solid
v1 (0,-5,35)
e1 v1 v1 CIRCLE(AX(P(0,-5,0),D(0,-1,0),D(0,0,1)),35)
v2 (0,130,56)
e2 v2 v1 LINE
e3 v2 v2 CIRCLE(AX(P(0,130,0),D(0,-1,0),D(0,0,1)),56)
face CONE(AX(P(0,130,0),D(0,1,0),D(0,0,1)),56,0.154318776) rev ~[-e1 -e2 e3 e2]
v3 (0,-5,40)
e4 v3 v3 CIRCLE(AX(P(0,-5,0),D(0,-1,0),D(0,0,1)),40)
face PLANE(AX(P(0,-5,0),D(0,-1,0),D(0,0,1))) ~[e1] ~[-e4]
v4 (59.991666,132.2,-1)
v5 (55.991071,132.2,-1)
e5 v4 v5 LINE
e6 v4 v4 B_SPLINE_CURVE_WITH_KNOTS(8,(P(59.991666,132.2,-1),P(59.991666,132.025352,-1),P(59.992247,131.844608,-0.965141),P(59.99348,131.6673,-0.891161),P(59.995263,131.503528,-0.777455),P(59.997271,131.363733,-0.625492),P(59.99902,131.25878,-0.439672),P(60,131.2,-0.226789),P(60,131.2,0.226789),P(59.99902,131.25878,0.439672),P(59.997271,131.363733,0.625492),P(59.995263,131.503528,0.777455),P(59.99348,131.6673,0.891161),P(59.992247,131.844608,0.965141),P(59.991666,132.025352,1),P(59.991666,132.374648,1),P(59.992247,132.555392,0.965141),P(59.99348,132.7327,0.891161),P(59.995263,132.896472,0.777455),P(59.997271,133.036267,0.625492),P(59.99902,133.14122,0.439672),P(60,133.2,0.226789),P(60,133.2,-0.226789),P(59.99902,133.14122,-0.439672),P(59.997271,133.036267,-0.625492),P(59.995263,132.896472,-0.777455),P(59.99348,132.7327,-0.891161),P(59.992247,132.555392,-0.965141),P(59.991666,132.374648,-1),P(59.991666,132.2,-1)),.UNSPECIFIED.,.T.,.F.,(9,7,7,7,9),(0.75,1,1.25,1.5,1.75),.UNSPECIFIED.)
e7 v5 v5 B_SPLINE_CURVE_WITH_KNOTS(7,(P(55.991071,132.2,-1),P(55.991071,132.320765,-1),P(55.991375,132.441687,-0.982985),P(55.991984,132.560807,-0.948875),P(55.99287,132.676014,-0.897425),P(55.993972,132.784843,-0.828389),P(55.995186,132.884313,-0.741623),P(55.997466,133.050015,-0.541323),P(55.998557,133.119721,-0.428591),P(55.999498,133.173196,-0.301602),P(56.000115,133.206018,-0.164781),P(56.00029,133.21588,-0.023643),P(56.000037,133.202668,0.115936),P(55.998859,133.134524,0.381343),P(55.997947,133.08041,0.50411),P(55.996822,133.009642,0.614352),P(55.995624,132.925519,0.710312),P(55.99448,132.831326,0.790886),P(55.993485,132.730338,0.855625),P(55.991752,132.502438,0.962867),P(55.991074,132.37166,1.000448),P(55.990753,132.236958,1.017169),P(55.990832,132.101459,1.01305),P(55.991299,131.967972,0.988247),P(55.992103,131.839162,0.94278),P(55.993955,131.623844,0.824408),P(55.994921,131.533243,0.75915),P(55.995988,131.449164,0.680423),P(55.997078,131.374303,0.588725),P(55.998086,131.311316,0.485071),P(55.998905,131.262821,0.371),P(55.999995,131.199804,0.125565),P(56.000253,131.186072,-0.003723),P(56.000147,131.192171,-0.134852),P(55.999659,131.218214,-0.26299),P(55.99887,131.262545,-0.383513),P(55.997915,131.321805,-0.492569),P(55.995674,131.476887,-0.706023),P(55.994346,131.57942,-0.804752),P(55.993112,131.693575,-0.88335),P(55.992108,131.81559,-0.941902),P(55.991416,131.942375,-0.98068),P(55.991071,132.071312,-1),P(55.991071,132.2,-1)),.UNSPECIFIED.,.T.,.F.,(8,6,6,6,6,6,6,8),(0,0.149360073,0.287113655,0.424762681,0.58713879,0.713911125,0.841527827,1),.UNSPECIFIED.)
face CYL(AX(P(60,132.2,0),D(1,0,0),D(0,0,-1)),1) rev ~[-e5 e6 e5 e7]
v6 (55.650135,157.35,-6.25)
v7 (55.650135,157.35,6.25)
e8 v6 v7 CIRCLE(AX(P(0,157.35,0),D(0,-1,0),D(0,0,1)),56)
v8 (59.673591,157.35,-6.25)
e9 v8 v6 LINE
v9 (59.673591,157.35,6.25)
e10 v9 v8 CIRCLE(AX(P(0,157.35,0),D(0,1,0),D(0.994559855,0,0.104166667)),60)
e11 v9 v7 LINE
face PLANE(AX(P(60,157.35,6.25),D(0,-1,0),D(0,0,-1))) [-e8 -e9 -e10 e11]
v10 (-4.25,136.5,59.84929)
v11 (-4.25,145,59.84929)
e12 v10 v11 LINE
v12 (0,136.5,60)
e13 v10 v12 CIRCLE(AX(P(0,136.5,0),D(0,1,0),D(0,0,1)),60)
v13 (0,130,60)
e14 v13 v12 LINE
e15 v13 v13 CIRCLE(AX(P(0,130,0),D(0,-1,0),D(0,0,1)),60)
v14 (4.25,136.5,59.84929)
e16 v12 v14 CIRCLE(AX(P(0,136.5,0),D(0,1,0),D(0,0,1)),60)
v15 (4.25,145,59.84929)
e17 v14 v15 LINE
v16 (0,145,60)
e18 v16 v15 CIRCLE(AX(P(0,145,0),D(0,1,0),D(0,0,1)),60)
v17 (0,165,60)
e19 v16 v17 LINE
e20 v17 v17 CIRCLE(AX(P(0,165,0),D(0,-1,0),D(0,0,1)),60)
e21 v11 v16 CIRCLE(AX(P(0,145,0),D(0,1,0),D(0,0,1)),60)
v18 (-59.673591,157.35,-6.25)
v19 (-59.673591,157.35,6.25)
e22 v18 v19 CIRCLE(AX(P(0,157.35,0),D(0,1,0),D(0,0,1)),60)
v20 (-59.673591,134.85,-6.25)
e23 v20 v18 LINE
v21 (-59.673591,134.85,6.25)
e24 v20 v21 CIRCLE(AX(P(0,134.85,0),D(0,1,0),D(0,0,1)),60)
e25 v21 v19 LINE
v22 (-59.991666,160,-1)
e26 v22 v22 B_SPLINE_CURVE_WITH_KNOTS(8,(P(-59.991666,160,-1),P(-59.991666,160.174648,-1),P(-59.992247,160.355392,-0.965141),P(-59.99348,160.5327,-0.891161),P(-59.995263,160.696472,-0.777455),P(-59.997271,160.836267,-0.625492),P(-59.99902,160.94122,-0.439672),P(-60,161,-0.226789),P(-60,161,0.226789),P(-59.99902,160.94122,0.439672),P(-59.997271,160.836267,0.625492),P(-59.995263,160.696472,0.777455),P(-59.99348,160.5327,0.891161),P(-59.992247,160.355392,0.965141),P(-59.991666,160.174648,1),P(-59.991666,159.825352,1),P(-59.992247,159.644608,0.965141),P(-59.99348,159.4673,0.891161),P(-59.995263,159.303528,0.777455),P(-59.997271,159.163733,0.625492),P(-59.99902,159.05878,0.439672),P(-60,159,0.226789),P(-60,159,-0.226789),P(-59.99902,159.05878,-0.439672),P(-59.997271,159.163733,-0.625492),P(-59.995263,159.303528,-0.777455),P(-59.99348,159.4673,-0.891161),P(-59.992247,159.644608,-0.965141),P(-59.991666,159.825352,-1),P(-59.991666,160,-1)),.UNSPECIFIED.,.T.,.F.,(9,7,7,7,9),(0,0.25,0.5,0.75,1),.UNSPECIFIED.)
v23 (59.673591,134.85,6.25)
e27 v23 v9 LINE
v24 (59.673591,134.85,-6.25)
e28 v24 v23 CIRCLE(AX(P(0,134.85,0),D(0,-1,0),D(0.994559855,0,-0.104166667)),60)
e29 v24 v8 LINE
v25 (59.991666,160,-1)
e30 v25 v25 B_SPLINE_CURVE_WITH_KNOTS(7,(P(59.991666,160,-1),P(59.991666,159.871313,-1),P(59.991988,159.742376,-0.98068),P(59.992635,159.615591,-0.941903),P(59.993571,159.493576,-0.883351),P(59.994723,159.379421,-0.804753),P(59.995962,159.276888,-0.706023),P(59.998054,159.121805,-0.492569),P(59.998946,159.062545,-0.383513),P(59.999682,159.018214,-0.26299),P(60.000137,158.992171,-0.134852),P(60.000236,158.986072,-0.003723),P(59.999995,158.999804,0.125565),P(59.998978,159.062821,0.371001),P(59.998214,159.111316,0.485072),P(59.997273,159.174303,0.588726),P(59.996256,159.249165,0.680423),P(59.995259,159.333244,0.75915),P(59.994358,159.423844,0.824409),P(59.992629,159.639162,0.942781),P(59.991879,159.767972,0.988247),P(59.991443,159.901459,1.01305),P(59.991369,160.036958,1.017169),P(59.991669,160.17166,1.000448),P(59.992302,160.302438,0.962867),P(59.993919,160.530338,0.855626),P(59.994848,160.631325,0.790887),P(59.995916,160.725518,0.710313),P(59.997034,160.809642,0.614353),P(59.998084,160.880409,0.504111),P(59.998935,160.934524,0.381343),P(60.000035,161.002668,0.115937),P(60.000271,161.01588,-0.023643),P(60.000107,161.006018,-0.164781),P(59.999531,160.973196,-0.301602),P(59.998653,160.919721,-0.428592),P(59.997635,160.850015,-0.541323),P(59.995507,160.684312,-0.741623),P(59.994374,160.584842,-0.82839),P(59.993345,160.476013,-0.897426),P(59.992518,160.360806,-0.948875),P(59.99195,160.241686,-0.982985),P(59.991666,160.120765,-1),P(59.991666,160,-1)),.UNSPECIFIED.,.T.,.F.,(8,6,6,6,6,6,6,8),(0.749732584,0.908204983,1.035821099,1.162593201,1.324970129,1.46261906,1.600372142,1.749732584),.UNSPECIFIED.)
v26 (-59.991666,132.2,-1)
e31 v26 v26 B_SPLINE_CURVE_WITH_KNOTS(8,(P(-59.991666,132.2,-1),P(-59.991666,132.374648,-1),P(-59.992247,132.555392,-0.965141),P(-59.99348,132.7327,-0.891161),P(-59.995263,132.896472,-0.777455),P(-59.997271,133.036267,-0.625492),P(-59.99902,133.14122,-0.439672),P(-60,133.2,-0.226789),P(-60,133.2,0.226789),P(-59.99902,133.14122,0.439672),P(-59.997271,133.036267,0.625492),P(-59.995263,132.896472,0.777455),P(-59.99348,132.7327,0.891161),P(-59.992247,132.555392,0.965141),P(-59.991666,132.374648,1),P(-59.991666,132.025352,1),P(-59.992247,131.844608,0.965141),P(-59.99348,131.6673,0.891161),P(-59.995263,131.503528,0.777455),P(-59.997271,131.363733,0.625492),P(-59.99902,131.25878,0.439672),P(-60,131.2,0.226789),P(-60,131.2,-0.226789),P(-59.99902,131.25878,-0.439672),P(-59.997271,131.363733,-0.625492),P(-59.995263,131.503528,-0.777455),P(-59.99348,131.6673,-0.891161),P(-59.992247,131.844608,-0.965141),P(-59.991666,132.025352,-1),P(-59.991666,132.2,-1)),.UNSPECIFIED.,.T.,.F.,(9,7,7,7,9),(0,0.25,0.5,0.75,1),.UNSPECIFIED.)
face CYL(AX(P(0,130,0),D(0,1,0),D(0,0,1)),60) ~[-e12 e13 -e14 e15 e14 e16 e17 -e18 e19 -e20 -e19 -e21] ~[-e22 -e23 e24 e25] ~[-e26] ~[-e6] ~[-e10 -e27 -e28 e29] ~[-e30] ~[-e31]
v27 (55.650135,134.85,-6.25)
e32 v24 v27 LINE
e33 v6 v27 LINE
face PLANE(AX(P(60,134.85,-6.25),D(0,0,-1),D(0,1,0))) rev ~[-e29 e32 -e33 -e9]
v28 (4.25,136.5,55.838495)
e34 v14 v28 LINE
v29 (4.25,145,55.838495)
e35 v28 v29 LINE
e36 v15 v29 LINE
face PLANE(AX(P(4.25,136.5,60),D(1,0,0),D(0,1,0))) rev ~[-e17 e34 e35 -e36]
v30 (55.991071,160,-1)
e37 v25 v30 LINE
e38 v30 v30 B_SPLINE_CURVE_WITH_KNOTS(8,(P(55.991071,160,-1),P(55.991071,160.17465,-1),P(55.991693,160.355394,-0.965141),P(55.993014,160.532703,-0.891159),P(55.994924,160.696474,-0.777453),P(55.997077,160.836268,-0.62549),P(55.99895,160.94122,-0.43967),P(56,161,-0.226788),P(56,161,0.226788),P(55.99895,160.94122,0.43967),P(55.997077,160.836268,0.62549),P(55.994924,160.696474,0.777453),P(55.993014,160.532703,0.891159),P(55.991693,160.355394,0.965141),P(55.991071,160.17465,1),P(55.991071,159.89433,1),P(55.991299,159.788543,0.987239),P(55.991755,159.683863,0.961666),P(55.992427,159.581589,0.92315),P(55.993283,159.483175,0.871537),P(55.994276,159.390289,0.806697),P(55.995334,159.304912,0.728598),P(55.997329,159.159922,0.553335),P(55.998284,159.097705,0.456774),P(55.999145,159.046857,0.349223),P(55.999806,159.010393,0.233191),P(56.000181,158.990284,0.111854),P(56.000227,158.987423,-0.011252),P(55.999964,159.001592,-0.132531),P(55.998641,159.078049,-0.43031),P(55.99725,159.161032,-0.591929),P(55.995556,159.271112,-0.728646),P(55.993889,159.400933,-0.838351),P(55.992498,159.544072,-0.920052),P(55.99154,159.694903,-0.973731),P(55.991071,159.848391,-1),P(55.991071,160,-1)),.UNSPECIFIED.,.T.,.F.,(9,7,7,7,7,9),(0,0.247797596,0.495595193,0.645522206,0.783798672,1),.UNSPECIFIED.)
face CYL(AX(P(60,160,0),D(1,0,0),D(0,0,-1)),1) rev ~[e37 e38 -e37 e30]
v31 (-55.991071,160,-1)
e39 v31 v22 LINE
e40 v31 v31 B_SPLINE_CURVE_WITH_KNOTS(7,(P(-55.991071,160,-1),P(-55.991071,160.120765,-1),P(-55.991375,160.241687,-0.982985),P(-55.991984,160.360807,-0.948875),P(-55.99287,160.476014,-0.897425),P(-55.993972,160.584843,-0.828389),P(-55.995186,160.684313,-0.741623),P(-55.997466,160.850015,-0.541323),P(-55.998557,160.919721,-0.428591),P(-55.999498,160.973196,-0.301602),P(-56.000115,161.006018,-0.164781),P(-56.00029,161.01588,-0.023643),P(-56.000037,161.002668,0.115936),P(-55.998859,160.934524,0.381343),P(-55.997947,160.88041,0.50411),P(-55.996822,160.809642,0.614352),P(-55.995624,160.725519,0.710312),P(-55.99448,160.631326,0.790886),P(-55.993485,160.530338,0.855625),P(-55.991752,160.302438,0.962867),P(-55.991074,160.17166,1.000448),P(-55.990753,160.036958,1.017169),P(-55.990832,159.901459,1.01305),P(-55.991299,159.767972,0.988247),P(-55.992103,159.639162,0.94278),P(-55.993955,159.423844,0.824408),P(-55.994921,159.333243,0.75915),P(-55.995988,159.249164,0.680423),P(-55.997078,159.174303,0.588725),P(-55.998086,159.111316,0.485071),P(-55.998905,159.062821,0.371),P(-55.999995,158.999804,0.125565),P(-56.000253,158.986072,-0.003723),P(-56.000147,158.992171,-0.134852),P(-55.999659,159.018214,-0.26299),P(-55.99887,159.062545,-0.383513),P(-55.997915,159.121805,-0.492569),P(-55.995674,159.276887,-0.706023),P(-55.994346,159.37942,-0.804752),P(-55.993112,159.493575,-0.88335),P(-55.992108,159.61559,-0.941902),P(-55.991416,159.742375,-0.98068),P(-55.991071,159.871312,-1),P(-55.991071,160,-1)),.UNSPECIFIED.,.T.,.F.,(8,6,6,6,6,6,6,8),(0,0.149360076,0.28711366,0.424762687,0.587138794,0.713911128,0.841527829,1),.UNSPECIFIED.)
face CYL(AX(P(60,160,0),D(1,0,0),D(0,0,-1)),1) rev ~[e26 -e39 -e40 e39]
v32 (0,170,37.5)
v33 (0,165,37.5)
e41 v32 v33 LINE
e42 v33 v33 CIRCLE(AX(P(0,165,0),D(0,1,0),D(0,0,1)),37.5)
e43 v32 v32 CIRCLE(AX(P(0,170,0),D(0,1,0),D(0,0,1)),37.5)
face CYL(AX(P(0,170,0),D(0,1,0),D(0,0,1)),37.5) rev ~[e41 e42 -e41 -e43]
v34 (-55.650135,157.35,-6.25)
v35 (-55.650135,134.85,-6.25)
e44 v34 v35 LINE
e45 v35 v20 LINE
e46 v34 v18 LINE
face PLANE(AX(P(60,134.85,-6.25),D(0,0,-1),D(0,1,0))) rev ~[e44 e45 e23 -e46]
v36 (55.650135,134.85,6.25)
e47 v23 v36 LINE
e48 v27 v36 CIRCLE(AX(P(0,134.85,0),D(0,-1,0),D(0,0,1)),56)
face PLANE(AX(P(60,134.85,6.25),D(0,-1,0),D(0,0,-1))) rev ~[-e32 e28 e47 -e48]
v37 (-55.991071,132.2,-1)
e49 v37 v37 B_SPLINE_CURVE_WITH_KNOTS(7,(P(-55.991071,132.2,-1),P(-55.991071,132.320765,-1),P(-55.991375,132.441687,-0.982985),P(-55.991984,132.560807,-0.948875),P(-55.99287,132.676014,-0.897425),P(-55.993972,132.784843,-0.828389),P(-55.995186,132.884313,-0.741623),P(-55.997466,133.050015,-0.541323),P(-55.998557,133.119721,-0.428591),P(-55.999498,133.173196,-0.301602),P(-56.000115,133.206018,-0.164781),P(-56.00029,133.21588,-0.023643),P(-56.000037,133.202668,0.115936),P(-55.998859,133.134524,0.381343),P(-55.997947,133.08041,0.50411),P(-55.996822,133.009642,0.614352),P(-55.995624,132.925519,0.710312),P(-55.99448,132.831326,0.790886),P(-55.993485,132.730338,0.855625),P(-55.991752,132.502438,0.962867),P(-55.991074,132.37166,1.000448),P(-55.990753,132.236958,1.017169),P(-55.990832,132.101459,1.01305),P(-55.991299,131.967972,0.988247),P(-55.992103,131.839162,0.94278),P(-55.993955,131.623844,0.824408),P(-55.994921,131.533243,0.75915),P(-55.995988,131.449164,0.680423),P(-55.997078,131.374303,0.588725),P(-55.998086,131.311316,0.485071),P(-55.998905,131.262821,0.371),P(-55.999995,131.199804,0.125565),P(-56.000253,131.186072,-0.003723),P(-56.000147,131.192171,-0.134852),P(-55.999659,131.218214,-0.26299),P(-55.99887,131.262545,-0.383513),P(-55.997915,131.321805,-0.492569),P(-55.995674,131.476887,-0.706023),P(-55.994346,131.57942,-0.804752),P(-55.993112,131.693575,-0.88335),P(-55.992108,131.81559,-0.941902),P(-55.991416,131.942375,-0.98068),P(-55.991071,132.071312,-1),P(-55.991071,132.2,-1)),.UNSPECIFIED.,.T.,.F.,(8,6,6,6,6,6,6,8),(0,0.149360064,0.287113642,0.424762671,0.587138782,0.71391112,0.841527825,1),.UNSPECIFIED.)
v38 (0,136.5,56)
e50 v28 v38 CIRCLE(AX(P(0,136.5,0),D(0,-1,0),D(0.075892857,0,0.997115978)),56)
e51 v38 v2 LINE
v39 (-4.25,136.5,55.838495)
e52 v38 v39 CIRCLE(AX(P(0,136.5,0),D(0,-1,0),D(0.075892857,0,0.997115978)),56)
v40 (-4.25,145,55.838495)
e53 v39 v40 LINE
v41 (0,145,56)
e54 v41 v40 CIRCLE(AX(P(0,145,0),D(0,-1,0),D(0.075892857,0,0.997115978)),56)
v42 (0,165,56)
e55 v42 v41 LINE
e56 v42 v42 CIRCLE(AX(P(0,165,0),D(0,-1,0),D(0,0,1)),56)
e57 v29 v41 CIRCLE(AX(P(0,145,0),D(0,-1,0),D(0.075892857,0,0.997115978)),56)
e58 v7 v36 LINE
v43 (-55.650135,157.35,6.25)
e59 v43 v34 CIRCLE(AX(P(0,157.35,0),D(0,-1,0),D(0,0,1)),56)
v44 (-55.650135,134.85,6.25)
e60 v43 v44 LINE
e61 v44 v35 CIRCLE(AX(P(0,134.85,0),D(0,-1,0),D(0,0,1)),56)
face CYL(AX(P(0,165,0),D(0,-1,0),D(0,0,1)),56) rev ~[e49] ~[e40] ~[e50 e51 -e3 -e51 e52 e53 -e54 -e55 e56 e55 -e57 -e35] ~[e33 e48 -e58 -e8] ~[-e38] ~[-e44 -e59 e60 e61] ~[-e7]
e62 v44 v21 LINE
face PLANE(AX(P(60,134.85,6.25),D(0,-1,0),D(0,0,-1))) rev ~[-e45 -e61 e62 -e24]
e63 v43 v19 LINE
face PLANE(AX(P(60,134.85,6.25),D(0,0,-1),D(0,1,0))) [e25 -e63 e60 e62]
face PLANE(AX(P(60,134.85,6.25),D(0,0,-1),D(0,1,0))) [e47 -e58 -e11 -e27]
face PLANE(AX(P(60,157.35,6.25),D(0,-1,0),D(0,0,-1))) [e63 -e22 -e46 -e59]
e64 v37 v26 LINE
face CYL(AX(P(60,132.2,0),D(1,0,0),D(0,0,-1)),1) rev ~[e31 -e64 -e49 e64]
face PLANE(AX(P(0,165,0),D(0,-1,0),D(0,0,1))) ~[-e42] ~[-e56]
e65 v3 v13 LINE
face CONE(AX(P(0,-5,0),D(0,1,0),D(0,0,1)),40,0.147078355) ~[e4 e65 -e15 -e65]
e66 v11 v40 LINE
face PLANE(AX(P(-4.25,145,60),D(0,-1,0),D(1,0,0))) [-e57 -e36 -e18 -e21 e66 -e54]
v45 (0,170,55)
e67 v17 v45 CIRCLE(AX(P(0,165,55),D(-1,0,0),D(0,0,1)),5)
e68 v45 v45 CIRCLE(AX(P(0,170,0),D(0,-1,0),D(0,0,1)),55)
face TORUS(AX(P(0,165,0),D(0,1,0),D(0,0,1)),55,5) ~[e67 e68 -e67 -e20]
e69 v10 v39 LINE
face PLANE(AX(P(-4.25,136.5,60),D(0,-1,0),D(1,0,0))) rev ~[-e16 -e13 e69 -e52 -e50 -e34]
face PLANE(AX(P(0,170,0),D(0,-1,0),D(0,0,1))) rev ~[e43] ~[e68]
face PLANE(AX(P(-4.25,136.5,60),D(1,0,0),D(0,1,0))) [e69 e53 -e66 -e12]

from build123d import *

# Parameters (mm, degrees)
SKETCH4_R               = 1
SKETCH4_W               = 12.5
SKETCH4_H               = 22.5
CUT_EXTRUDE2_DEPTH      = 217.564078277
CUT_EXTRUDE3_REACH      = 196.487
SKETCH5_R               = 37.5
FILLET1_R               = 5
CUT_EXTRUDE4_REACH      = 218.564
CUT_EXTRUDE4_END_RADIUS = 56
SKETCH6_W               = 8.5
SKETCH6_H               = 8.5


with BuildPart() as part:
    # Sketch2 → Revolve1 (revolve)
    with BuildSketch(Plane.XY, mode=Mode.PRIVATE) as revolve1_sk:
        Polygon((35, -5), (40, -5), (60, 130), (60, 170), (0, 170), (0, 165), (56, 165), (56, 130), align=None)
    revolve(revolve1_sk.sketch.rotate(Axis((0, 170, 0), (0, -1, 0)), 90), axis=Axis((0, 170, 0), (0, -1, 0)))

    # Sketch4 → Cut-Extrude2 (cut, through all)
    with BuildSketch(Plane(origin=(60, 0, 0), x_dir=(0, 0, -1), z_dir=(1, 0, 0))):
        with Locations((0, 132.2)):
            Circle(SKETCH4_R)
        with Locations((0, 160)):
            Circle(SKETCH4_R)
        with Locations((0, 146.1)):
            Rectangle(SKETCH4_W, SKETCH4_H)
    extrude(amount=-CUT_EXTRUDE2_DEPTH, mode=Mode.SUBTRACT)

    # Sketch5 → Cut-Extrude3 (cut, up to next)
    with BuildSketch(Plane(origin=(0, 170, 0), x_dir=(1, 0, 0), z_dir=(0, 1, 0)), mode=Mode.PRIVATE) as cut_extrude3_sk1:
        with Locations(Location((0, 0, 0), (0, 0, 270))):
            Circle(SKETCH5_R)
    cut_extrude3_tool1 = extrude(cut_extrude3_sk1.sketch, amount=-CUT_EXTRUDE3_REACH, mode=Mode.PRIVATE) & part.part
    add(cut_extrude3_tool1.solids().sort_by_distance((0, 170, 0))[0], mode=Mode.SUBTRACT)

    # Fillet1
    fillet1_edges = [part.edges().sort_by_distance(p)[0] for p in [
        (0, 170, -60),
    ]]
    fillet(fillet1_edges, radius=FILLET1_R)

    # Cut-Extrude4: up to this cylinder (the profile starts outside it)
    cut_extrude4_end = Plane(origin=(0, 140.75, 0), z_dir=(0, 1, 0)) * Cylinder(CUT_EXTRUDE4_END_RADIUS, 550.128, mode=Mode.PRIVATE)
    # Sketch6 → Cut-Extrude4 (cut, up to the surface)
    with BuildSketch(Plane.XY.offset(60), mode=Mode.PRIVATE) as cut_extrude4_sk1:
        with Locations((0, 140.75)):
            Rectangle(SKETCH6_W, SKETCH6_H)
    cut_extrude4_tool1 = extrude(cut_extrude4_sk1.sketch, amount=-CUT_EXTRUDE4_REACH, mode=Mode.PRIVATE) - cut_extrude4_end
    add(cut_extrude4_tool1.solids().sort_by_distance((0, 140.75, 60))[0], mode=Mode.SUBTRACT)


solid = part.part
